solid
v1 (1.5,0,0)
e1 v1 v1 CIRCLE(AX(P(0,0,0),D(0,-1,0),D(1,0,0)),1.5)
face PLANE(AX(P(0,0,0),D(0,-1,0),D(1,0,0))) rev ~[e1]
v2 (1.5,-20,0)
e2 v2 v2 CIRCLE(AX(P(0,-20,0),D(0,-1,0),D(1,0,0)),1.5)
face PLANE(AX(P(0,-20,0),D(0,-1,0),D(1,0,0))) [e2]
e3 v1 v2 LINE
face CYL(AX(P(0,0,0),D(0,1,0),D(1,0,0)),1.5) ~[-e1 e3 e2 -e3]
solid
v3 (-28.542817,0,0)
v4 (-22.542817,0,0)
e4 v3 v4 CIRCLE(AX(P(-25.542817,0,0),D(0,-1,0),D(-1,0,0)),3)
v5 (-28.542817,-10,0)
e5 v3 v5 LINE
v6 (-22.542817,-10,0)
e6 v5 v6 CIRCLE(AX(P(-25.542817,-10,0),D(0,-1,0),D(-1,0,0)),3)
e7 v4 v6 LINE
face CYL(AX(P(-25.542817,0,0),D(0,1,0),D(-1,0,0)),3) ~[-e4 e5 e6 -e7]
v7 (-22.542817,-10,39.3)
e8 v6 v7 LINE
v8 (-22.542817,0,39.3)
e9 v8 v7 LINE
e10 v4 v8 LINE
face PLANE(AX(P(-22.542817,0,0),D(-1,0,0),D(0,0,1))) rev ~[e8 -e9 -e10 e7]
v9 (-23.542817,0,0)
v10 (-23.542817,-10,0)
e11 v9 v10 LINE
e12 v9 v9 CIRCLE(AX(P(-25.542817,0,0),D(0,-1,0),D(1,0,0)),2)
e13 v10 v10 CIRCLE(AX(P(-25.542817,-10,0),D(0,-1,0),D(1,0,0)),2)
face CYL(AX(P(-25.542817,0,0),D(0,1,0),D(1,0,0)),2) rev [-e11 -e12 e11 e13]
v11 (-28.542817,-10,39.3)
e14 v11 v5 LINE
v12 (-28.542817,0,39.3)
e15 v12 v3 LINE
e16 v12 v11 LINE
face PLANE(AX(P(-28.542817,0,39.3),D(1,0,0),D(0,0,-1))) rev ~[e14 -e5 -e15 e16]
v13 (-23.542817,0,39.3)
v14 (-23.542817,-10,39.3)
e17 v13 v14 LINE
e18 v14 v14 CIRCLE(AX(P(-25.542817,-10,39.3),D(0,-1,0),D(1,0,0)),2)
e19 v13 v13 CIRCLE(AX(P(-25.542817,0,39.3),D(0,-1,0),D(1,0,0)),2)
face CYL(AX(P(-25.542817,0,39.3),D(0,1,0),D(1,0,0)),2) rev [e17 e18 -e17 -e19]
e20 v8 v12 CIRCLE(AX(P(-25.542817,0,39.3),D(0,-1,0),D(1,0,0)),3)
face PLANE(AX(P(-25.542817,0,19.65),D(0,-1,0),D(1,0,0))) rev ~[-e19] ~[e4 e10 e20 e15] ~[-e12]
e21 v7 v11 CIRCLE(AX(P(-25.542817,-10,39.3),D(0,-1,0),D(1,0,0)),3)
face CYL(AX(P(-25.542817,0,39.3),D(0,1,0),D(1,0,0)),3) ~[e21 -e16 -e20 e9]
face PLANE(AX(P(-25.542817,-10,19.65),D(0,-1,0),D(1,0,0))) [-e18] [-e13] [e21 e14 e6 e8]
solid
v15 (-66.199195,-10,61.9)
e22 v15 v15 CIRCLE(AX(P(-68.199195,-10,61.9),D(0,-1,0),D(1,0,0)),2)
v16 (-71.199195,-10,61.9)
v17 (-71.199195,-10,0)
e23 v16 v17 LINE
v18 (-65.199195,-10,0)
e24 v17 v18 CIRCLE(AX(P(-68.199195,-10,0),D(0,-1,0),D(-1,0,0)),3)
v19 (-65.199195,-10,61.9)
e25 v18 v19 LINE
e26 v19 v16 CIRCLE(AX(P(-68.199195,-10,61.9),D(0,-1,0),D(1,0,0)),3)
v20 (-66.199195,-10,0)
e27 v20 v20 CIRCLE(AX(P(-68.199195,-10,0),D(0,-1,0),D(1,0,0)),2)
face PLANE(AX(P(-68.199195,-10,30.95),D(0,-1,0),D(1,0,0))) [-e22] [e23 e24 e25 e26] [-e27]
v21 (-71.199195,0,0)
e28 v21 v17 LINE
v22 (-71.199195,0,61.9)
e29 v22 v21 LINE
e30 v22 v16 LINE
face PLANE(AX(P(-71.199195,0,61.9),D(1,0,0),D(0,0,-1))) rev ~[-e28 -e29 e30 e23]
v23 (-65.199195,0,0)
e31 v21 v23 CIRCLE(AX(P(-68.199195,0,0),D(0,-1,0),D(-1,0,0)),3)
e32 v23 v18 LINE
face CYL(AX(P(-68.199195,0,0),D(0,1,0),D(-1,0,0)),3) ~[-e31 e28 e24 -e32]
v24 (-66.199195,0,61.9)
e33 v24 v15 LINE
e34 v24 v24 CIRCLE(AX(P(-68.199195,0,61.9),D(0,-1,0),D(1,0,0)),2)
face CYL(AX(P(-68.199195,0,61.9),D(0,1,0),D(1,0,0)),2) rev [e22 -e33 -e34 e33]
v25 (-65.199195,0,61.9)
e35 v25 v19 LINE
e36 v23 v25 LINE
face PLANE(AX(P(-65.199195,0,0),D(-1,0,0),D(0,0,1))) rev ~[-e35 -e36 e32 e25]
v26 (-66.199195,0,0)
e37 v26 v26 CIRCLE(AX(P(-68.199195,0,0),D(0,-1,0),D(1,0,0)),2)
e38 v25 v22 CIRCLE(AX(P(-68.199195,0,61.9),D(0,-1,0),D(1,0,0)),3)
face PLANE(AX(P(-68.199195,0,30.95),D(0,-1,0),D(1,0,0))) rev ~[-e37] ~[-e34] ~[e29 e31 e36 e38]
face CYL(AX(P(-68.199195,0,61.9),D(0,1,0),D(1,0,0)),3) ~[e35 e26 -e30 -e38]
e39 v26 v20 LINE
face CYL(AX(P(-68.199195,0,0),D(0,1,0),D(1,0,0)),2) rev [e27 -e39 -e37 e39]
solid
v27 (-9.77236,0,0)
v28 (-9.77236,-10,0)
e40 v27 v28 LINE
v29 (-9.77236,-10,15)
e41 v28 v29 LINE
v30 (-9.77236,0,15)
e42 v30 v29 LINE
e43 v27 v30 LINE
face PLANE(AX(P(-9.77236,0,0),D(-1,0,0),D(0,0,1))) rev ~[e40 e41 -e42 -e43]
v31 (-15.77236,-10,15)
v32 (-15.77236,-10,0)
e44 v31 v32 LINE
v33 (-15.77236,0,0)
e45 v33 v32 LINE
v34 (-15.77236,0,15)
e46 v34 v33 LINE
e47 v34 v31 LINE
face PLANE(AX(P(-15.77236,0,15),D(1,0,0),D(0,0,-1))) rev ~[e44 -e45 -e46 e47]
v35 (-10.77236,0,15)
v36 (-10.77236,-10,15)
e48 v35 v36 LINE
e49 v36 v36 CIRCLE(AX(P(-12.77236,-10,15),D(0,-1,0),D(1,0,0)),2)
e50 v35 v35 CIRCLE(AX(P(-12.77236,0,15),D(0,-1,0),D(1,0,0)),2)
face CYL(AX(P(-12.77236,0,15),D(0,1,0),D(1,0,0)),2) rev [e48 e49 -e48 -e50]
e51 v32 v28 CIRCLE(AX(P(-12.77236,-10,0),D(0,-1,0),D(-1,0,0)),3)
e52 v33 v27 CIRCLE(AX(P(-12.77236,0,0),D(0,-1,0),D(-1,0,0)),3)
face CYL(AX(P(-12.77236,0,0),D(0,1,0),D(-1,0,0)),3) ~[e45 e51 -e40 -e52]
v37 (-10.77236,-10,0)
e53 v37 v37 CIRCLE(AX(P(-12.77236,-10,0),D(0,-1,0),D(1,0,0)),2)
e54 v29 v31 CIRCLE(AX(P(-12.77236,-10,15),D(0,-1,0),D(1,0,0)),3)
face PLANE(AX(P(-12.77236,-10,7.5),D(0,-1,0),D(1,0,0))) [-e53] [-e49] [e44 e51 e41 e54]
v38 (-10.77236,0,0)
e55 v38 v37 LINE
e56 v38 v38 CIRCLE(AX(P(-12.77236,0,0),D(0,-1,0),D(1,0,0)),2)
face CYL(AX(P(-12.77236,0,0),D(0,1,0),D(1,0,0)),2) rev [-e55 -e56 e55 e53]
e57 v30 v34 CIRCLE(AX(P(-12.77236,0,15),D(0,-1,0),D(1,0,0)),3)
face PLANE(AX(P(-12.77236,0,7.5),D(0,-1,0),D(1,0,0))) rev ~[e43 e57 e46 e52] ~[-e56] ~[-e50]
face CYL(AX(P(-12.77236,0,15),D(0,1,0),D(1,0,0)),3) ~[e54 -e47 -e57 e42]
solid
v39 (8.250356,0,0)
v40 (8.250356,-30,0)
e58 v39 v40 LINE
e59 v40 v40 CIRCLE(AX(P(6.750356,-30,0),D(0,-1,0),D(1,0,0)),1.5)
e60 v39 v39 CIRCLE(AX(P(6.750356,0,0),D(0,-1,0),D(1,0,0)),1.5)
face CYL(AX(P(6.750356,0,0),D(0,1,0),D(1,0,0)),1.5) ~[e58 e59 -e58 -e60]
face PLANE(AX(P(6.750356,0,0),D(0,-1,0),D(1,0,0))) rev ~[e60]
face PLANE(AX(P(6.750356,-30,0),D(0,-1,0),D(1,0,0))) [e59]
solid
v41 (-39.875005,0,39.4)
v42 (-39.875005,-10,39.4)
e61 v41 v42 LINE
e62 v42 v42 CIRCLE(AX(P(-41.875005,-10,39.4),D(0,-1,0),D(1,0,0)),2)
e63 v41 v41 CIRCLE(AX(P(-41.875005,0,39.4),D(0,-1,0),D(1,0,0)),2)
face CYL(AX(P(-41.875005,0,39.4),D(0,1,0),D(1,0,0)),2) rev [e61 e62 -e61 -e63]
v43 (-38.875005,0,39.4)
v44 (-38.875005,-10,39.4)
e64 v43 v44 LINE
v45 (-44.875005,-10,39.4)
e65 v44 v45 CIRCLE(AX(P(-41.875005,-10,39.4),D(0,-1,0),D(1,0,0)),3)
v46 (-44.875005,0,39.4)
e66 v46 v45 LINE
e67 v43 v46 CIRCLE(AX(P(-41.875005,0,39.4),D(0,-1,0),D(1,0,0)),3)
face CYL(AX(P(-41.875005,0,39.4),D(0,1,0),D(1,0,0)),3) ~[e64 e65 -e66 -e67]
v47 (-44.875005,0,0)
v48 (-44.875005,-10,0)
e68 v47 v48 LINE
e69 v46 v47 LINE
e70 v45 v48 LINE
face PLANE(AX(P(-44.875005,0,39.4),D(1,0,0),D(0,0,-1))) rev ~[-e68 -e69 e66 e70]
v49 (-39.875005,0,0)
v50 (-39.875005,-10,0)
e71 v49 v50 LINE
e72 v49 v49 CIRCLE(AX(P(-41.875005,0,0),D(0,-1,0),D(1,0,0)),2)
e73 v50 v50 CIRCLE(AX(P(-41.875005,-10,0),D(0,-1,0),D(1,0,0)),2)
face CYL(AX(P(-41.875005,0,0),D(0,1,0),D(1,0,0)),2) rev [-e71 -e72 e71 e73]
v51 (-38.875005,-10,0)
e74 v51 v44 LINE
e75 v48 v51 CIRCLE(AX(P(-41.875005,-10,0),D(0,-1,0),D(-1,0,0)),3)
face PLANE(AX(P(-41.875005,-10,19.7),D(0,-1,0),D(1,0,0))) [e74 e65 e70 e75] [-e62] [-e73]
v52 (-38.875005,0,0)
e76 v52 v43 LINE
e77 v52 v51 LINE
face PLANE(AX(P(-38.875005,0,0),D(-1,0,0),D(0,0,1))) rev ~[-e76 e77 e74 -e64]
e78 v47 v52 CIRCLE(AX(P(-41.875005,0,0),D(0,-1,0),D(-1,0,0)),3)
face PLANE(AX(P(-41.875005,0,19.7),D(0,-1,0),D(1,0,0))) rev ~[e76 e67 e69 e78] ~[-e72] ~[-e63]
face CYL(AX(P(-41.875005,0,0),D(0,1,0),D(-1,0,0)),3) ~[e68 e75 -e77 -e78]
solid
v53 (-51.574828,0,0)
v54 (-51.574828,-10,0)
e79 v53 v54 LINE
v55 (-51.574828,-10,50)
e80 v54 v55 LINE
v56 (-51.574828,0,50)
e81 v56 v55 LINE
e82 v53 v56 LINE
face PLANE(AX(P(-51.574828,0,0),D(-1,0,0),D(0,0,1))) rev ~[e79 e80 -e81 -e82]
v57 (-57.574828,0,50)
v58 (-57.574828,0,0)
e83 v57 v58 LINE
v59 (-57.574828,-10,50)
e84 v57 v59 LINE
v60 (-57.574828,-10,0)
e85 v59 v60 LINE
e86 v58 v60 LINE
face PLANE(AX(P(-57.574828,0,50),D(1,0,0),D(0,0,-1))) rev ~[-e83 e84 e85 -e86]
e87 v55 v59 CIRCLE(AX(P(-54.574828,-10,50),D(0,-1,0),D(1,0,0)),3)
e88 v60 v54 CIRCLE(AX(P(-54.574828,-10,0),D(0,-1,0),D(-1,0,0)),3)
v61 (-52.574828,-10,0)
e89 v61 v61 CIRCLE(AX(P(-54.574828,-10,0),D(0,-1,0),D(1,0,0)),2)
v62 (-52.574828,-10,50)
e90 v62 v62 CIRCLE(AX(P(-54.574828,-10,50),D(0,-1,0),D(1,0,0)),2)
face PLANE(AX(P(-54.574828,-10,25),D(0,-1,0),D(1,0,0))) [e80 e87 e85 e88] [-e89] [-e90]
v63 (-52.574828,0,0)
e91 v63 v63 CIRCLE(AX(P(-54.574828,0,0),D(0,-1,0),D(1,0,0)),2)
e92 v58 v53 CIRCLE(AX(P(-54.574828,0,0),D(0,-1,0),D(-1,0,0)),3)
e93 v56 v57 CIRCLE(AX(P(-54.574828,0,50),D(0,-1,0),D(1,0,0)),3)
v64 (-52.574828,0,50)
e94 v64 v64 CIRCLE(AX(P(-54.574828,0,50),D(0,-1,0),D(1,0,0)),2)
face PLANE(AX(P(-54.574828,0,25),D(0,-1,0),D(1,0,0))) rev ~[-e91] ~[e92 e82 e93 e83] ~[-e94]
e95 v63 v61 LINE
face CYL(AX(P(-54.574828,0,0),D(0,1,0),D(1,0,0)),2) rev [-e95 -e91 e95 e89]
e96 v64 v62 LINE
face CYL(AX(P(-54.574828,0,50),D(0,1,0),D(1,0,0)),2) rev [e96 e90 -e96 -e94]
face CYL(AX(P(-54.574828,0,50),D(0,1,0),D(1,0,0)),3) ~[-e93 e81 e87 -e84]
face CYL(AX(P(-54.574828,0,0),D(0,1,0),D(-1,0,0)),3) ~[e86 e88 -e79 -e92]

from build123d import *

# Parameters (mm, degrees)
F1_R      = 2
F2_DEPTH  = 10
F3_R      = 2
F4_DEPTH  = 10
F5_R      = 2
F6_DEPTH  = 10
F7_R      = 2
F8_DEPTH  = 10
F9_R      = 2
F10_DEPTH = 10
F11_R     = 1.5
F12_DEPTH = 20
F13_R     = 1.5
F14_DEPTH = 30


with BuildPart() as f2:
    # F1 (on Front) → F2 (new body)
    with BuildSketch(Plane.XZ):
        with BuildLine():
            Line((-15.7723604936, 15), (-15.7723604936, 0))
            ThreePointArc((-15.7723604936, 0), (-12.7723604936, -3), (-9.7723604936, 0))
            Line((-9.7723604936, 0), (-9.7723604936, 15))
            ThreePointArc((-9.7723604936, 15), (-12.7723604936, 18), (-15.7723604936, 15))
        make_face()
        with Locations((-12.7723604936, 0)):
            Circle(F1_R, mode=Mode.SUBTRACT)
        with Locations((-12.7723604936, 15)):
            Circle(F1_R, mode=Mode.SUBTRACT)
    extrude(amount=F2_DEPTH)


with BuildPart() as f4:
    # F3 (on Front) → F4 (new body)
    with BuildSketch(Plane.XZ):
        with BuildLine():
            Line((-28.5428169801, 39.3), (-28.5428169801, 0))
            ThreePointArc((-28.5428169801, 0), (-25.5428169801, -3), (-22.5428169801, 0))
            Line((-22.5428169801, 0), (-22.5428169801, 39.3))
            ThreePointArc((-22.5428169801, 39.3), (-25.5428169801, 42.3), (-28.5428169801, 39.3))
        make_face()
        with Locations((-25.5428169801, 0)):
            Circle(F3_R, mode=Mode.SUBTRACT)
        with Locations((-25.5428169801, 39.3)):
            Circle(F3_R, mode=Mode.SUBTRACT)
    extrude(amount=F4_DEPTH)


with BuildPart() as f6:
    # F5 (on Front) → F6 (new body)
    with BuildSketch(Plane.XZ):
        with BuildLine():
            Line((-44.8750046201, 39.4), (-44.8750046201, 0))
            ThreePointArc((-44.8750046201, 0), (-41.8750046201, -3), (-38.8750046201, 0))
            Line((-38.8750046201, 0), (-38.8750046201, 39.4))
            ThreePointArc((-38.8750046201, 39.4), (-41.8750046201, 42.4), (-44.8750046201, 39.4))
        make_face()
        with Locations((-41.8750046201, 0)):
            Circle(F5_R, mode=Mode.SUBTRACT)
        with Locations((-41.8750046201, 39.4)):
            Circle(F5_R, mode=Mode.SUBTRACT)
    extrude(amount=F6_DEPTH)


with BuildPart() as f8:
    # F7 (on Front) → F8 (new body)
    with BuildSketch(Plane.XZ):
        with BuildLine():
            Line((-57.5748284761, 50), (-57.5748284761, 0))
            ThreePointArc((-57.5748284761, 0), (-54.5748284761, -3), (-51.5748284761, 0))
            Line((-51.5748284761, 0), (-51.5748284761, 50))
            ThreePointArc((-51.5748284761, 50), (-54.5748284761, 53), (-57.5748284761, 50))
        make_face()
        with Locations((-54.5748284761, 0)):
            Circle(F7_R, mode=Mode.SUBTRACT)
        with Locations((-54.5748284761, 50)):
            Circle(F7_R, mode=Mode.SUBTRACT)
    extrude(amount=F8_DEPTH)


with BuildPart() as f10:
    # F9 (on Front) → F10 (new body)
    with BuildSketch(Plane.XZ):
        with BuildLine():
            Line((-71.1991949677, 61.9), (-71.1991949677, 0))
            ThreePointArc((-71.1991949677, 0), (-68.1991949677, -3), (-65.1991949677, 0))
            Line((-65.1991949677, 0), (-65.1991949677, 61.9))
            ThreePointArc((-65.1991949677, 61.9), (-68.1991949677, 64.9), (-71.1991949677, 61.9))
        make_face()
        with Locations((-68.1991949677, 0)):
            Circle(F9_R, mode=Mode.SUBTRACT)
        with Locations((-68.1991949677, 61.9)):
            Circle(F9_R, mode=Mode.SUBTRACT)
    extrude(amount=F10_DEPTH)


with BuildPart() as f12:
    # F11 (on Front) → F12 (new body)
    with BuildSketch(Plane.XZ):
        Circle(F11_R)
    extrude(amount=F12_DEPTH)


with BuildPart() as f14:
    # F13 (on Front) → F14 (new body)
    with BuildSketch(Plane.XZ):
        with Locations((6.7503562369, 0)):
            Circle(F13_R)
    extrude(amount=F14_DEPTH)


solid = Compound([f2.part, f4.part, f6.part, f8.part, f10.part, f12.part, f14.part])
